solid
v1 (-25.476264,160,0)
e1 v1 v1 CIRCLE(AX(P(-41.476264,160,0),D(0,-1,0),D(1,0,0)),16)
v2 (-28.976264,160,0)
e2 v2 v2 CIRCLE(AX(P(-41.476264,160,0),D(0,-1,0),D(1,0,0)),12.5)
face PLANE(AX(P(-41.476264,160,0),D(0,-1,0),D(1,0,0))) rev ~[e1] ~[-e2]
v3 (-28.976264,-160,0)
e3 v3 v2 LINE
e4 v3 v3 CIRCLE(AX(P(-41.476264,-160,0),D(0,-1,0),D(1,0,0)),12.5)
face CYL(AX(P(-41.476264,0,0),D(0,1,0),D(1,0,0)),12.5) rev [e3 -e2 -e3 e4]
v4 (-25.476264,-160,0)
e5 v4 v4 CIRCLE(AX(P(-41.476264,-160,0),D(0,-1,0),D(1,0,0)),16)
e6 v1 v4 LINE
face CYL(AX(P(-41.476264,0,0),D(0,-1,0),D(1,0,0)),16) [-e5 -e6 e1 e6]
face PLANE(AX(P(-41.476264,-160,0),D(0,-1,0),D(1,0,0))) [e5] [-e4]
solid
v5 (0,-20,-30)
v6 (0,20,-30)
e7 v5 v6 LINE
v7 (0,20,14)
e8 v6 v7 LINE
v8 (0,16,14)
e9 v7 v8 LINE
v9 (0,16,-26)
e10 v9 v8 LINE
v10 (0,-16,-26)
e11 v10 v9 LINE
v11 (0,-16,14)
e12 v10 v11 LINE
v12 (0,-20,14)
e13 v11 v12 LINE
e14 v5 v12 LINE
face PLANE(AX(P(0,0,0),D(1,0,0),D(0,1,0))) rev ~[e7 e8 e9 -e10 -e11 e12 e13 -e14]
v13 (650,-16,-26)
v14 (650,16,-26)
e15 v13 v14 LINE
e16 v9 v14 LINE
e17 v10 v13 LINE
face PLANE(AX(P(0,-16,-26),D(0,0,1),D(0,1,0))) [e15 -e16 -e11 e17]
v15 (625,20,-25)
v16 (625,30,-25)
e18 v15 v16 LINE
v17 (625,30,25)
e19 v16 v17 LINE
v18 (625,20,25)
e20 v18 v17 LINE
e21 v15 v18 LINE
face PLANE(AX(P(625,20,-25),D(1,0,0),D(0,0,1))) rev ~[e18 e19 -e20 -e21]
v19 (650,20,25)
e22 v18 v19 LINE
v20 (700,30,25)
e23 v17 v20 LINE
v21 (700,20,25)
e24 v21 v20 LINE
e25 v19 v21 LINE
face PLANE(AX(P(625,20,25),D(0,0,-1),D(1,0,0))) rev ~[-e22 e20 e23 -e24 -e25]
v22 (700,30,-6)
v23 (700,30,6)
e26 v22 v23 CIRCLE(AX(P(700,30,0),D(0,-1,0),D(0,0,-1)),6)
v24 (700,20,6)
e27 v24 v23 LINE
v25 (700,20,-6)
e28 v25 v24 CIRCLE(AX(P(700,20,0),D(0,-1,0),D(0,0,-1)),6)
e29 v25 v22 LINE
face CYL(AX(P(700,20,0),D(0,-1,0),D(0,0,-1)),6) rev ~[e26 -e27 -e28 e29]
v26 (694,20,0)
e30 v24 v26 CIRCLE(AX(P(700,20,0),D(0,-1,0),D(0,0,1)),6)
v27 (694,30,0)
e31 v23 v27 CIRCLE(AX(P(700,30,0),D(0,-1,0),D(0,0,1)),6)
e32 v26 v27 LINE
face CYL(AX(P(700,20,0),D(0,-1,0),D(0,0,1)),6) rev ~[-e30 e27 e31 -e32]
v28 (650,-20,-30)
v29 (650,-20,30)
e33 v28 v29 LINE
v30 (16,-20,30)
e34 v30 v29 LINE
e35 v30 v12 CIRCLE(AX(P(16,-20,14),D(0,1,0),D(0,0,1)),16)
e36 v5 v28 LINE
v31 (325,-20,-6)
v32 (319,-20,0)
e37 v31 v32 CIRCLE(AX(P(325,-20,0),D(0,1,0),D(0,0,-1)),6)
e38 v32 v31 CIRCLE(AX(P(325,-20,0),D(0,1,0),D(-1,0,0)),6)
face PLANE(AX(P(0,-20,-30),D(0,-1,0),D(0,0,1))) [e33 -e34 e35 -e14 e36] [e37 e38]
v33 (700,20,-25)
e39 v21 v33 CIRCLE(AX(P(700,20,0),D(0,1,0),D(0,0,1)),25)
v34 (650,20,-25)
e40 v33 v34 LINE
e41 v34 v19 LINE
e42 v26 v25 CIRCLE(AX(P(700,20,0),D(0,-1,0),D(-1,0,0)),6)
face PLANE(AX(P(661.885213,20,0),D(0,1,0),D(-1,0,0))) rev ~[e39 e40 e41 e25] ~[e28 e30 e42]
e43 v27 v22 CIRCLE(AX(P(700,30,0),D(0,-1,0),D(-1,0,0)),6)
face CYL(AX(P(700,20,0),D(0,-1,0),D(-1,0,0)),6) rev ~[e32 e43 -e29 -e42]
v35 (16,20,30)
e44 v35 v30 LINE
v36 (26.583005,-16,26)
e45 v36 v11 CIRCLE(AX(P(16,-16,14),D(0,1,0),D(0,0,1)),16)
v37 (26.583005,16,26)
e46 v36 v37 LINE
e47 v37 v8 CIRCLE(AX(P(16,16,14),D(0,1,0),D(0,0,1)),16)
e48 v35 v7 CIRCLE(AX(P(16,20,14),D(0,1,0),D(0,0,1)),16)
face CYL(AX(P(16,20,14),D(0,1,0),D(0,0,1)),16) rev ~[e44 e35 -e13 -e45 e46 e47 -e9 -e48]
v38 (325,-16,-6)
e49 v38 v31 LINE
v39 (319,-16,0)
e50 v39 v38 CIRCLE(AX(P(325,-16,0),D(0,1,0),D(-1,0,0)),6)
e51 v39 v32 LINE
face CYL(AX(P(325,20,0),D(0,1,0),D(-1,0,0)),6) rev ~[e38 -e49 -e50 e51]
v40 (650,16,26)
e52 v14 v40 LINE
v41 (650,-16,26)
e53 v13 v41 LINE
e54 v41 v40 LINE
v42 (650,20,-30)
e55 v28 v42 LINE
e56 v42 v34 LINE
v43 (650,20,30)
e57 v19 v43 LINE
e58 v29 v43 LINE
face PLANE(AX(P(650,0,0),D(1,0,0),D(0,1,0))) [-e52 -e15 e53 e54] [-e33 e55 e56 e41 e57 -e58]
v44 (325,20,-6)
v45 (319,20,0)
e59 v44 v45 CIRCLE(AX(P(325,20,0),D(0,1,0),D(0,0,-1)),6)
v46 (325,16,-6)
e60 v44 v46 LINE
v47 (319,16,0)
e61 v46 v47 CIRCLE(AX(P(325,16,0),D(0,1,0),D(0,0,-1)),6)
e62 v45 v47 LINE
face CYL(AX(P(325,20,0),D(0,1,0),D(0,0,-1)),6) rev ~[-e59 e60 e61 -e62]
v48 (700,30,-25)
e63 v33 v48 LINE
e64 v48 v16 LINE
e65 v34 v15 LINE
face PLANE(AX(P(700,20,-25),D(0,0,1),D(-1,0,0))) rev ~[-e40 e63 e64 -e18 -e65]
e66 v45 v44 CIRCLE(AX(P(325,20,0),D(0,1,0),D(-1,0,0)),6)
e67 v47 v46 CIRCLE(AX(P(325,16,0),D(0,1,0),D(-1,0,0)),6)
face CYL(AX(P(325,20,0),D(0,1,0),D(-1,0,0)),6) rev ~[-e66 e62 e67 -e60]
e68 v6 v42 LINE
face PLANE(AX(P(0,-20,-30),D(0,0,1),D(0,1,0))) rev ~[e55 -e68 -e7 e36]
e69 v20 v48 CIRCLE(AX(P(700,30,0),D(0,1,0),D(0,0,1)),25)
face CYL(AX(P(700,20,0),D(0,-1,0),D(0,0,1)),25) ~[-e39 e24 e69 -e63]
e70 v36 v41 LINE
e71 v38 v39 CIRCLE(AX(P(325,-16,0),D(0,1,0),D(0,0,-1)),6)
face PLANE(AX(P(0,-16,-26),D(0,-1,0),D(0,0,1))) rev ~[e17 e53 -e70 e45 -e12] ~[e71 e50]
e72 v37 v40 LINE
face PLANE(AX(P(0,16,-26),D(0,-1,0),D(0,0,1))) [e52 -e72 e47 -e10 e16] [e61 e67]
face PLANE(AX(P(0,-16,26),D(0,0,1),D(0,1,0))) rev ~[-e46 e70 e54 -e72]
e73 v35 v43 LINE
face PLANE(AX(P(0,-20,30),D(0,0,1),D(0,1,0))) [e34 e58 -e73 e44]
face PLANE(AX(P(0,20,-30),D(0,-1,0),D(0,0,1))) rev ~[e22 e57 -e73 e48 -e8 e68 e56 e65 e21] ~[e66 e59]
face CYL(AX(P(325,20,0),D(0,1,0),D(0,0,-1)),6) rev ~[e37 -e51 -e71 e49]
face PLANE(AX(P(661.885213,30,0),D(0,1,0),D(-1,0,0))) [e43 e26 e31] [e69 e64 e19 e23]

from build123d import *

# Parameters (mm, degrees)
F0_W     = 40
F0_H     = 60
F0_W_2   = 32
F0_H_2   = 52
F1_DEPTH = 650
F3_DEPTH = 10
F5_DEPTH = 40
F7_DEPTH = 40
F8_R     = 16
F8_R_2   = 12.5
F9_DEPTH = 160


with BuildPart() as f1:
    # F0 (on Right) → F1 (new body)
    with BuildSketch(Plane.YZ):
        Rectangle(F0_W, F0_H)
        Rectangle(F0_W_2, F0_H_2, mode=Mode.SUBTRACT)
    extrude(amount=F1_DEPTH)

    # F2 (on face) → F3 (join)
    with BuildSketch(Plane(origin=(0, 20, 0), x_dir=(-1, 0, 0), z_dir=(0, 1, 0))):
        with BuildLine():
            Line((-625, -25), (-625, 0))
            Line((-625, 0), (-625, 25))
            Line((-625, 25), (-700, 25))
            ThreePointArc((-700, 25), (-682.3223304703, 17.6776695297), (-675, 0))
            ThreePointArc((-675, 0), (-682.3223304703, -17.6776695297), (-700, -25))
            Line((-700, -25), (-625, -25))
        make_face()
        with BuildLine():
            ThreePointArc((-700, 25), (-725, 0), (-700, -25))
            Line((-700, -25), (-700, -6))
            ThreePointArc((-700, -6), (-706, 0), (-700, 6))
            Line((-700, 6), (-700, 25))
        make_face()
        with BuildLine():
            Line((-700, -6), (-700, -25))
            ThreePointArc((-700, -25), (-682.3223304703, -17.6776695297), (-675, 0))
            ThreePointArc((-675, 0), (-682.3223304703, 17.6776695297), (-700, 25))
            Line((-700, 25), (-700, 6))
            ThreePointArc((-700, 6), (-695.7573593129, 4.2426406871), (-694, 0))
            ThreePointArc((-694, 0), (-695.7573593129, -4.2426406871), (-700, -6))
        make_face()
    extrude(amount=F3_DEPTH)

    # F4 (on face) → F5 (cut)
    with BuildSketch(Plane(origin=(0, 20, 0), x_dir=(-1, 0, 0), z_dir=(0, 1, 0))):
        with BuildLine():
            Line((0, 14), (0, 30))
            Line((0, 30), (-16, 30))
            ThreePointArc((-16, 30), (-4.686291501, 25.313708499), (0, 14))
        make_face()
        with BuildLine():
            ThreePointArc((0, 14), (-4.686291501, 25.313708499), (-16, 30))
            ThreePointArc((-16, 30), (-27.313708499, 2.686291501), (0, 14))
        make_face()
    extrude(amount=-F5_DEPTH, mode=Mode.SUBTRACT)

    # F6 (on face) → F7 (cut)
    with BuildSketch(Plane(origin=(0, 20, 0), x_dir=(-1, 0, 0), z_dir=(0, 1, 0))):
        with BuildLine():
            ThreePointArc((-325, -6), (-320.7573593129, -4.2426406871), (-319, 0))
            ThreePointArc((-319, 0), (-329.2426406871, 4.2426406871), (-325, -6))
        make_face()
    extrude(amount=-F7_DEPTH, mode=Mode.SUBTRACT)


with BuildPart() as f9:
    # F8 (on Front) → F9 (new body, symmetric)
    with BuildSketch(Plane.XZ):
        with Locations((-41.4762636906, 0)):
            Circle(F8_R)
        with Locations((-41.4762636906, 0)):
            Circle(F8_R_2, mode=Mode.SUBTRACT)
    extrude(amount=F9_DEPTH, both=True)


solid = Compound([f1.part, f9.part])
